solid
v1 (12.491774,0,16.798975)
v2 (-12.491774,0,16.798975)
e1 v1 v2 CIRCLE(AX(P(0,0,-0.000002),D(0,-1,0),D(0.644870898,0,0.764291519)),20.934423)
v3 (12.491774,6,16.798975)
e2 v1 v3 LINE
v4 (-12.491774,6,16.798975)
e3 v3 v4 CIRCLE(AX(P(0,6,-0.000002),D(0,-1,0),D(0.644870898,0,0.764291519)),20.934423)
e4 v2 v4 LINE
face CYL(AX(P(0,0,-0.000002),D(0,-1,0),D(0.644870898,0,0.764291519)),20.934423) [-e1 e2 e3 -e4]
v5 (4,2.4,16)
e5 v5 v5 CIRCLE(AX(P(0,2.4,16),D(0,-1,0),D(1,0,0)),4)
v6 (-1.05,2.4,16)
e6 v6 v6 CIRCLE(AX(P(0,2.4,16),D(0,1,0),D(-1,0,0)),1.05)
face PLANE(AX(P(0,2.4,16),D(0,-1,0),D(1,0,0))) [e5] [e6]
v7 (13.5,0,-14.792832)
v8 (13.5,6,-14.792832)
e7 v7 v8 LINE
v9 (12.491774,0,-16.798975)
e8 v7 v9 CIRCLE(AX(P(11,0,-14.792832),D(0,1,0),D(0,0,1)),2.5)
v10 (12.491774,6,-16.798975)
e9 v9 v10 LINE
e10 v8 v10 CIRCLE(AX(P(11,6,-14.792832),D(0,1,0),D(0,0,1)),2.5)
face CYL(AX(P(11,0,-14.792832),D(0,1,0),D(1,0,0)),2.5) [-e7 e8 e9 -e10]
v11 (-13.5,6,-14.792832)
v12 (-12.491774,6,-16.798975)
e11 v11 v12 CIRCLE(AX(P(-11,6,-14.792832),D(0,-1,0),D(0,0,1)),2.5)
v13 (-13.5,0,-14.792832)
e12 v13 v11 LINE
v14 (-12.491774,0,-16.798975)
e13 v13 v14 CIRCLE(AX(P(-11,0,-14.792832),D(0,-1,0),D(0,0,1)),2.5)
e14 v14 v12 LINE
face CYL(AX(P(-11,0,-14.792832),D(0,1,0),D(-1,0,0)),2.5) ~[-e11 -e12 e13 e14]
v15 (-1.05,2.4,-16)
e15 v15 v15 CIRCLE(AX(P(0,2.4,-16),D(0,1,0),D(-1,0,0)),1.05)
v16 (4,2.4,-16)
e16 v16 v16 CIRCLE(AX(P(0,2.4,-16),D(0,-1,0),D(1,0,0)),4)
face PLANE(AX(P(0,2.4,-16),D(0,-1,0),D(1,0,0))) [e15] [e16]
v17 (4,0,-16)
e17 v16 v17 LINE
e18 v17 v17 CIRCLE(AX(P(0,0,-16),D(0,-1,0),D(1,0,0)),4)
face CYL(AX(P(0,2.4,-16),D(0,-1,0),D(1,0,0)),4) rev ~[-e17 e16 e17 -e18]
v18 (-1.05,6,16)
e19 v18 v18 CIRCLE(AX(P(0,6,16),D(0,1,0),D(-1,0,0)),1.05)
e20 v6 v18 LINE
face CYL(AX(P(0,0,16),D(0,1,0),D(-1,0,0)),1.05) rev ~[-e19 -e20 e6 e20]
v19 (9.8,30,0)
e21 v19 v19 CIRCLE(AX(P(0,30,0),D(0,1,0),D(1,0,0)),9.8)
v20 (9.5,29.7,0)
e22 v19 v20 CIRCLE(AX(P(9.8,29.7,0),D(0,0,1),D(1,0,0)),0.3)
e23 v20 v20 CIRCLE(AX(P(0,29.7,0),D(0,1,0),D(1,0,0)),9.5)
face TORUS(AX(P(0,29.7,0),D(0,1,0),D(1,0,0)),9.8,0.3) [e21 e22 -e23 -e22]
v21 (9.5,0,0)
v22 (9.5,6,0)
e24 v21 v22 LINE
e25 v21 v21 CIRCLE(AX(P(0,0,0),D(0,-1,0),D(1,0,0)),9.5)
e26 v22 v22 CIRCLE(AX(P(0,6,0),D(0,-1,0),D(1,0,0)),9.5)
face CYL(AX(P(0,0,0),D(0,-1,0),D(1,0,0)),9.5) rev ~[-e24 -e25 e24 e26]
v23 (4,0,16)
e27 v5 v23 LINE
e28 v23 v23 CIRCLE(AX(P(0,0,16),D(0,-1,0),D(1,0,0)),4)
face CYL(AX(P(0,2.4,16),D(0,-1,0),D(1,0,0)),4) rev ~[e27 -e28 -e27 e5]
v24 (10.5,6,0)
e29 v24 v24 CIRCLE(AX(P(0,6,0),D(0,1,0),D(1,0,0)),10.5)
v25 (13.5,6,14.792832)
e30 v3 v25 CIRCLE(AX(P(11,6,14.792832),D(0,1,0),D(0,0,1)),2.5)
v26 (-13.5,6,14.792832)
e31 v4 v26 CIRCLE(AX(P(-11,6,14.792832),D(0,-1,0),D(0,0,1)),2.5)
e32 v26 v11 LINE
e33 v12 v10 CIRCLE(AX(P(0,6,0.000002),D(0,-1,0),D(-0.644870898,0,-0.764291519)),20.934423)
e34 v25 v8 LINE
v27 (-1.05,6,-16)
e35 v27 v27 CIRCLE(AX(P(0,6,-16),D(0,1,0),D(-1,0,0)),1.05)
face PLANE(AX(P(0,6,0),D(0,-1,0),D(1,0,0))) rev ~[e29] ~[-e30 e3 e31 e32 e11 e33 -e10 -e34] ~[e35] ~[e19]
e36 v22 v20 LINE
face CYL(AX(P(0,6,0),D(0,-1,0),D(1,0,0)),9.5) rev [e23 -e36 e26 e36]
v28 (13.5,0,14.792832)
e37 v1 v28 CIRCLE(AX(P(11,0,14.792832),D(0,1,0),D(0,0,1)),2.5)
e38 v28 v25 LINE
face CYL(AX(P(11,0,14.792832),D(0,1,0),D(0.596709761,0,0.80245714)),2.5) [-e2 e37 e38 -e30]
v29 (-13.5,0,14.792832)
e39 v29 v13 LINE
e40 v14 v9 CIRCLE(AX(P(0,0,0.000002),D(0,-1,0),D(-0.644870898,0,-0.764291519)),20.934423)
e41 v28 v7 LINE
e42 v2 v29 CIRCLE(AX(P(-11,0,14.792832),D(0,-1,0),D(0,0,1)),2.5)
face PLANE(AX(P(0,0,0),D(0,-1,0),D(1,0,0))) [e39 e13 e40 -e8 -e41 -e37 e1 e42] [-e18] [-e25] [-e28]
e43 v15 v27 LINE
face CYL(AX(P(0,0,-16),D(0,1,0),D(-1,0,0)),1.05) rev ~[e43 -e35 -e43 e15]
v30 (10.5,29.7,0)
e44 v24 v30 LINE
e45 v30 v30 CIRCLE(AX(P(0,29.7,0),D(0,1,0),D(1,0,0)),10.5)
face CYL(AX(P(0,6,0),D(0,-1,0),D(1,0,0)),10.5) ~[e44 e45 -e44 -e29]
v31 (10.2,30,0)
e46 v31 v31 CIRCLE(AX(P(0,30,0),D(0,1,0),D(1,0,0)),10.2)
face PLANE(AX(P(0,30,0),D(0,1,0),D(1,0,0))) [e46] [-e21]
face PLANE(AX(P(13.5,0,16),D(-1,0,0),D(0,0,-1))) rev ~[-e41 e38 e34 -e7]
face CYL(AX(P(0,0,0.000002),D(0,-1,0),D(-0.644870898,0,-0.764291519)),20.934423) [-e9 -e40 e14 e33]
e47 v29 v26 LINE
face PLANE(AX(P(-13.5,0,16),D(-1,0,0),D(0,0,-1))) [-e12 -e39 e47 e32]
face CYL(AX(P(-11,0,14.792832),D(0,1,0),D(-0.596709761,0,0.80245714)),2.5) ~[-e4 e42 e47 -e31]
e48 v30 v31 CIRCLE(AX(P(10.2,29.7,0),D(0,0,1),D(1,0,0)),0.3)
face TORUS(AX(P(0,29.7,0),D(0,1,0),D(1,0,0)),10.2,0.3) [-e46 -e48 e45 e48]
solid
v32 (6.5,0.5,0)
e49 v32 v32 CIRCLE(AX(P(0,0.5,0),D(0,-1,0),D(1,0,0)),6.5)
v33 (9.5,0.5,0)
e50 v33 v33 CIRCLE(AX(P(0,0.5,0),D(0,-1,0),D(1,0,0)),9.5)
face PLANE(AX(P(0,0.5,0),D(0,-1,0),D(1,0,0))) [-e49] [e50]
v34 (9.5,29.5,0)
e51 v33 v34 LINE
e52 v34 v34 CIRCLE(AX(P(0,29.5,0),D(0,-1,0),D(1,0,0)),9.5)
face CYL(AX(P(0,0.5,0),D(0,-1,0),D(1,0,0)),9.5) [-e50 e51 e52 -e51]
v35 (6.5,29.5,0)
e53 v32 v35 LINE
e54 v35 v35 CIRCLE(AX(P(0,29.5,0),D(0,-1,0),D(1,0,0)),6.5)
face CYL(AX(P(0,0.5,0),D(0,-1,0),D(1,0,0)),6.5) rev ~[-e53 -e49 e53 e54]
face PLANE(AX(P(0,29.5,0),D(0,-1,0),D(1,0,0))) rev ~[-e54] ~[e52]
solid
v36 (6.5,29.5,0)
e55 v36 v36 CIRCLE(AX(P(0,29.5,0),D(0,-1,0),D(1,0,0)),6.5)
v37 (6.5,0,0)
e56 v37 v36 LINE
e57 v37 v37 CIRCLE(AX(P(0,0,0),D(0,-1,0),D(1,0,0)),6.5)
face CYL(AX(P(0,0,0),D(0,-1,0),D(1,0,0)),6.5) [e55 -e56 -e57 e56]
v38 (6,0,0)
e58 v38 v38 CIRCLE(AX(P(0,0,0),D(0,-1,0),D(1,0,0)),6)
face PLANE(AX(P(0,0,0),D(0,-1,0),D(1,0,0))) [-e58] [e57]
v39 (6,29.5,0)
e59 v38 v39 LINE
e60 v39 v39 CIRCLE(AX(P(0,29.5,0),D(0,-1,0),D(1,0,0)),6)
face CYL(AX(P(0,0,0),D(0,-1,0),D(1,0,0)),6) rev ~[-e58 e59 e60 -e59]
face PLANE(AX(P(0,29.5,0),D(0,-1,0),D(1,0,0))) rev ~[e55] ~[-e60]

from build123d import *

# Parameters (mm, degrees)
SKETCH_R         = 9.5
PAD_DEPTH        = 6
HOLE_D           = 2.1
HOLE_CBORE_D     = 8
HOLE_CBORE_DEPTH = 2.4
SKETCH002_R      = 10.5
SKETCH002_R_2    = 9.5
PAD001_DEPTH     = 24
FILLET_R         = 2.5
FILLET001_R      = 0.3
SKETCH003_R      = 9.5
SKETCH003_R_2    = 6.5
PAD002_DEPTH     = 29
SKETCH004_R      = 6.5
SKETCH004_R_2    = 6
PAD003_DEPTH     = 29.5


with BuildPart() as body:
    # Sketch → Pad (new body)
    with BuildSketch(Plane.XZ):
        with BuildLine():
            ThreePointArc((13.5, 16), (0, 20.934421), (-13.5, 16))
            Line((-13.5, 16), (-13.5, -16))
            ThreePointArc((-13.5, -16), (0, -20.934421), (13.5, -16))
            Line((13.5, 16), (13.5, -16))
        make_face()
        Circle(SKETCH_R, mode=Mode.SUBTRACT)
    extrude(amount=-PAD_DEPTH)

    # Hole (through all)
    with Locations(Plane.XZ):
        with Locations((0, 16), (0, -16)):
            CounterBoreHole(HOLE_D / 2, HOLE_CBORE_D / 2, HOLE_CBORE_DEPTH)

    # Sketch002 (on Face5 of Hole) → Pad001 (join)
    with BuildSketch(Plane(origin=(0, 6, 0), x_dir=(1, 0, 0), z_dir=(0, 1, 0))):
        Circle(SKETCH002_R)
        Circle(SKETCH002_R_2, mode=Mode.SUBTRACT)
    extrude(amount=PAD001_DEPTH)

    # Fillet
    fillet_edges = [body.edges().sort_by_distance(p)[0] for p in [
        (13.5, 3, -16),
        (13.5, 3, 16),
        (-13.5, 3, 16),
        (-13.5, 3, -16),
    ]]
    fillet(fillet_edges, radius=FILLET_R)

    # Fillet001
    fillet001_edges = [body.edges().sort_by_distance(p)[0] for p in [
        (-10.5, 30, 0),
        (-9.5, 30, 0),
    ]]
    fillet(fillet001_edges, radius=FILLET001_R)


with BuildPart() as body001:
    # Sketch003 → Pad002 (new body)
    with BuildSketch(Plane.XZ):
        Circle(SKETCH003_R)
        Circle(SKETCH003_R_2, mode=Mode.SUBTRACT)
    extrude(amount=-PAD002_DEPTH)


with BuildPart() as body001_1:
    # Body001 placement: moved
    add(body001.part.moved(Location((0, 0.5, 0))))


with BuildPart() as body002:
    # Sketch004 → Pad003 (new body)
    with BuildSketch(Plane.XZ):
        Circle(SKETCH004_R)
        Circle(SKETCH004_R_2, mode=Mode.SUBTRACT)
    extrude(amount=-PAD003_DEPTH)


solid = Compound([body.part, body001_1.part, body002.part])
